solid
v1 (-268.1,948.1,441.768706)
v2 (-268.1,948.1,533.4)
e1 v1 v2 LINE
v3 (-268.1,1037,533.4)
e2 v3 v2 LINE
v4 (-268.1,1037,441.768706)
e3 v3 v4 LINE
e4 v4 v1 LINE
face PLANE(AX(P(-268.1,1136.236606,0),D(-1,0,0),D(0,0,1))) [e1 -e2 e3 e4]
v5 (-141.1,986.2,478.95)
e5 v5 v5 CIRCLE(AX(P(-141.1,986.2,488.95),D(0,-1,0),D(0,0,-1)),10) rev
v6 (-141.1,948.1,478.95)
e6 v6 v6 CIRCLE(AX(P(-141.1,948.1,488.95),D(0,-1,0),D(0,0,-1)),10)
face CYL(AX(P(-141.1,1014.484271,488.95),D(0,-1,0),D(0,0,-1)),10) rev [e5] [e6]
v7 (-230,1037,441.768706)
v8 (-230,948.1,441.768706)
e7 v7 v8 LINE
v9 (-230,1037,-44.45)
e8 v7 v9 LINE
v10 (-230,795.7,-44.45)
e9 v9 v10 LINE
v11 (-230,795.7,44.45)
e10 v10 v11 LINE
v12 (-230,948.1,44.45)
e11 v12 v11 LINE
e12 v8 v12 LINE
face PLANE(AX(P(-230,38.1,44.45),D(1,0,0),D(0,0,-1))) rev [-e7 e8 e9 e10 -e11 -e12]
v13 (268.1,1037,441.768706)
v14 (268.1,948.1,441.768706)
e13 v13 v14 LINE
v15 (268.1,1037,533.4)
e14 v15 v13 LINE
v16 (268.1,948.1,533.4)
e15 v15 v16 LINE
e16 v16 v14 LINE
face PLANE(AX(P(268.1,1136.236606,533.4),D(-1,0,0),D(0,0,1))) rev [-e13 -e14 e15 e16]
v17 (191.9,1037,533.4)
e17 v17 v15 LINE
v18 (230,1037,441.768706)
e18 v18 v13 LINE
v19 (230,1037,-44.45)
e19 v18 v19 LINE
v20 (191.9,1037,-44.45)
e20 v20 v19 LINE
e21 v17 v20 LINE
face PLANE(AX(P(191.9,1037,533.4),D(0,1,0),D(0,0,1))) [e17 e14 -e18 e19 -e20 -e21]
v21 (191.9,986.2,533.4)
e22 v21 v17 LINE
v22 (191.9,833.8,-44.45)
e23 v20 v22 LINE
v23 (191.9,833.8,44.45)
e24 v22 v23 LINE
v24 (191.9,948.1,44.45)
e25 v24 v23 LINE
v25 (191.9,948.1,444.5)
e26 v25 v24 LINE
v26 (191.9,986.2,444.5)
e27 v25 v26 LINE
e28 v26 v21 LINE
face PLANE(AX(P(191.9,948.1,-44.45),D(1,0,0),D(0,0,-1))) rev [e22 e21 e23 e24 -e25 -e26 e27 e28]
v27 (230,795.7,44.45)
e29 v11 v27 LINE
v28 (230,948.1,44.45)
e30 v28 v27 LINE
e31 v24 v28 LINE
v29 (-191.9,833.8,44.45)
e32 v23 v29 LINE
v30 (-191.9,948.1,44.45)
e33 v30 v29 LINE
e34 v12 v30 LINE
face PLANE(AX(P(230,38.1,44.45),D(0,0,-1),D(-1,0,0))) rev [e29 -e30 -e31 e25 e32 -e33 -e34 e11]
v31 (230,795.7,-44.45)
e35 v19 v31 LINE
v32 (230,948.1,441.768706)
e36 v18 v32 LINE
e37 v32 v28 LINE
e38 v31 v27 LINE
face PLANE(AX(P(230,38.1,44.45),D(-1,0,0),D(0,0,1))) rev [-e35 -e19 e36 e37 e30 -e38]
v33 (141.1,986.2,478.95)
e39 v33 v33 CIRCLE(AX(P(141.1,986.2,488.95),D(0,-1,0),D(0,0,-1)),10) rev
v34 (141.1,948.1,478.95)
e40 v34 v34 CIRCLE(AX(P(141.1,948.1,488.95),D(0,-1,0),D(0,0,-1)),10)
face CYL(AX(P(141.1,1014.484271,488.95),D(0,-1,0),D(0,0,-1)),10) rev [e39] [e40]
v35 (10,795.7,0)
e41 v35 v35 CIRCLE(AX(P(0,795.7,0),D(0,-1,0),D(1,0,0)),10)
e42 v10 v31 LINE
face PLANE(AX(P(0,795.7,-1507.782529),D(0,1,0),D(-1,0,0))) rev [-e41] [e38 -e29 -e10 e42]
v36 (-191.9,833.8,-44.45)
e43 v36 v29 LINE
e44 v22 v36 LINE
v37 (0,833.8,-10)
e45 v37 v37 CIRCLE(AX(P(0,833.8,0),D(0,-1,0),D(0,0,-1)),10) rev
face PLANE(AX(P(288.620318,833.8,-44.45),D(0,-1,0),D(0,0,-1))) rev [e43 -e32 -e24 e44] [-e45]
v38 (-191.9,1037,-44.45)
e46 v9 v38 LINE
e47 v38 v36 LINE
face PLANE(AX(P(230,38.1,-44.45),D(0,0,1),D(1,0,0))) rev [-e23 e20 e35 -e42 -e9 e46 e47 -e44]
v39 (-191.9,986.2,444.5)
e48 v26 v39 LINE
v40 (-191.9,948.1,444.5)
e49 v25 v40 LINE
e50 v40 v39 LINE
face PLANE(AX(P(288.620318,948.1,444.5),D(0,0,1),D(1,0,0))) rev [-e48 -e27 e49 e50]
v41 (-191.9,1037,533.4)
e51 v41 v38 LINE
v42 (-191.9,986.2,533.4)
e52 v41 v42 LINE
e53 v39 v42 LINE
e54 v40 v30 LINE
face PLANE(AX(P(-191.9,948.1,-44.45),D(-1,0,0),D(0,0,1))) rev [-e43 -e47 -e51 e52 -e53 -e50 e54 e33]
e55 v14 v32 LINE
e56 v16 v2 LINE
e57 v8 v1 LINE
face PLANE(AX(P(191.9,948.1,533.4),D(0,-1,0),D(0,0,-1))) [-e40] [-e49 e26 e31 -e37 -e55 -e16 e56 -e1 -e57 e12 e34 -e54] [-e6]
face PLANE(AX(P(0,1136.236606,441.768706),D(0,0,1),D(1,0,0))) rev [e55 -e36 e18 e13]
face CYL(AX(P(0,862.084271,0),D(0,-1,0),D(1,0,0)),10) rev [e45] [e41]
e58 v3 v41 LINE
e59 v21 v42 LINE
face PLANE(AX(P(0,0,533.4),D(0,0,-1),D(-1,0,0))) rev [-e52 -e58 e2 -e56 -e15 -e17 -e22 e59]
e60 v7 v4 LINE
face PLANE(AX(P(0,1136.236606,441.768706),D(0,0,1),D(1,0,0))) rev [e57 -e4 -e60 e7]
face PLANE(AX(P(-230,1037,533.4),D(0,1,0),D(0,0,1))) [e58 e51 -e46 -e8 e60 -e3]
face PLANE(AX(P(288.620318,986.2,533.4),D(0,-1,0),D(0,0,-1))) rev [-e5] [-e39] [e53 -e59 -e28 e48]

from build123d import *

# Parameters (mm, degrees)
SKETCH1_W                = 460
SKETCH1_H                = 88.9
BOSS_EXTRUDE1_DEPTH      = 38.1
SKETCH2_W                = 38.1
SKETCH2_H                = 88.9
BOSS_EXTRUDE2_DEPTH      = 910
SKETCH3_W                = 38.1
SKETCH3_H                = 88.9
BOSS_EXTRUDE3_DEPTH      = 577.85
SKETCH4_W                = 38.1
SKETCH4_H                = 91.631294093
BOSS_EXTRUDE4_DEPTH      = 615
BOSS_EXTRUDE4_DEPTH_BACK = 88.9
SKETCH5_W                = 91.631294093
SKETCH5_H                = 38.1
BOSS_EXTRUDE5_DEPTH      = 460
SKETCH7_W                = 460
SKETCH7_H                = 424.5
SKETCH7_W_2              = 38.1
SKETCH7_H_2              = 152.4
CUT_EXTRUDE1_DEPTH       = 577.85
SKETCH8_W                = 88.9
SKETCH8_H                = 38.1
BOSS_EXTRUDE6_DEPTH      = 383.8
SKETCH10_R               = 10
CUT_EXTRUDE2_DEPTH       = 38.1
SKETCH9_R                = 10
CUT_EXTRUDE3_DEPTH       = 38.1


with BuildPart() as part:
    # Sketch1 → Boss-Extrude1 (new body)
    with BuildSketch(Plane(origin=(0, 0, 0), x_dir=(1, 0, 0), z_dir=(0, 1, 0))):
        Rectangle(SKETCH1_W, SKETCH1_H)
    extrude(amount=BOSS_EXTRUDE1_DEPTH)

    # Sketch2 → Boss-Extrude2 (add)
    with BuildSketch(Plane(origin=(0, 38.1, 0), x_dir=(1, 0, 0), z_dir=(0, 1, 0))):
        with Locations((-210.95, 0)):
            Rectangle(SKETCH2_W, SKETCH2_H)
        with Locations((210.95, 0)):
            Rectangle(SKETCH2_W, SKETCH2_H)
    extrude(amount=BOSS_EXTRUDE2_DEPTH)

    # Sketch3 → Boss-Extrude3 (add)
    with BuildSketch(Plane(origin=(0, 0, -44.45), x_dir=(-1, 0, 0), z_dir=(0, 0, -1))):
        with Locations((210.95, 992.55)):
            Rectangle(SKETCH3_W, SKETCH3_H)
        with Locations((-210.95, 992.55)):
            Rectangle(SKETCH3_W, SKETCH3_H)
    extrude(amount=-BOSS_EXTRUDE3_DEPTH)

    # Sketch4 → Boss-Extrude4 (add, two sides)
    with BuildSketch(Plane.XZ.offset(-948.1)) as boss_extrude4_sk:
        with Locations((-249.05, 487.584352954)):
            Rectangle(SKETCH4_W, SKETCH4_H)
        with Locations((249.05, 487.584352954)):
            Rectangle(SKETCH4_W, SKETCH4_H)
    extrude(amount=BOSS_EXTRUDE4_DEPTH)
    extrude(boss_extrude4_sk.sketch, amount=-BOSS_EXTRUDE4_DEPTH_BACK)

    # Sketch5 → Boss-Extrude5 (add)
    with BuildSketch(Plane.ZY.offset(-230)):
        with Locations((487.584352954, 352.15)):
            Rectangle(SKETCH5_W, SKETCH5_H)
    extrude(amount=BOSS_EXTRUDE5_DEPTH)

    # Sketch7 → Cut-Extrude1 (cut)
    with BuildSketch(Plane.XY.offset(533.4)):
        with Locations((0, 583.45)):
            Rectangle(SKETCH7_W, SKETCH7_H)
        Polygon((268.1, -246.273106328), (268.1, 333.1), (-268.1, 333.1), (-268.1, 795.7), (-577.367310112, 795.7), (-577.367310112, -246.273106328), align=None)
        Polygon((268.1, 333.1), (268.1, 795.7), (230, 795.7), (230, 371.2), (-230, 371.2), (-230, 795.7), (-268.1, 795.7), (-268.1, 333.1), align=None)
        with Locations((249.05, 871.9)):
            Rectangle(SKETCH7_W_2, SKETCH7_H_2)
        with Locations((-249.05, 871.9)):
            Rectangle(SKETCH7_W_2, SKETCH7_H_2)
    extrude(amount=-CUT_EXTRUDE1_DEPTH, mode=Mode.SUBTRACT)

    # Sketch8 → Boss-Extrude6 (add)
    with BuildSketch(Plane(origin=(-191.9, 0, 0), x_dir=(0, 0, -1), z_dir=(1, 0, 0))):
        with Locations((0, 814.75)):
            Rectangle(SKETCH8_W, SKETCH8_H)
        with Locations((-488.95, 967.15)):
            Rectangle(SKETCH8_W, SKETCH8_H)
    extrude(amount=BOSS_EXTRUDE6_DEPTH)

    # Sketch10 → Cut-Extrude2 (cut)
    with BuildSketch(Plane.XZ.offset(-948.1)):
        with Locations((-141.1, 488.95)):
            Circle(SKETCH10_R)
        with Locations((141.1, 488.95)):
            Circle(SKETCH10_R)
    extrude(amount=-CUT_EXTRUDE2_DEPTH, mode=Mode.SUBTRACT)

    # Sketch9 → Cut-Extrude3 (cut)
    with BuildSketch(Plane.XZ.offset(-795.7)):
        Circle(SKETCH9_R)
    extrude(amount=-CUT_EXTRUDE3_DEPTH, mode=Mode.SUBTRACT)


solid = part.part
